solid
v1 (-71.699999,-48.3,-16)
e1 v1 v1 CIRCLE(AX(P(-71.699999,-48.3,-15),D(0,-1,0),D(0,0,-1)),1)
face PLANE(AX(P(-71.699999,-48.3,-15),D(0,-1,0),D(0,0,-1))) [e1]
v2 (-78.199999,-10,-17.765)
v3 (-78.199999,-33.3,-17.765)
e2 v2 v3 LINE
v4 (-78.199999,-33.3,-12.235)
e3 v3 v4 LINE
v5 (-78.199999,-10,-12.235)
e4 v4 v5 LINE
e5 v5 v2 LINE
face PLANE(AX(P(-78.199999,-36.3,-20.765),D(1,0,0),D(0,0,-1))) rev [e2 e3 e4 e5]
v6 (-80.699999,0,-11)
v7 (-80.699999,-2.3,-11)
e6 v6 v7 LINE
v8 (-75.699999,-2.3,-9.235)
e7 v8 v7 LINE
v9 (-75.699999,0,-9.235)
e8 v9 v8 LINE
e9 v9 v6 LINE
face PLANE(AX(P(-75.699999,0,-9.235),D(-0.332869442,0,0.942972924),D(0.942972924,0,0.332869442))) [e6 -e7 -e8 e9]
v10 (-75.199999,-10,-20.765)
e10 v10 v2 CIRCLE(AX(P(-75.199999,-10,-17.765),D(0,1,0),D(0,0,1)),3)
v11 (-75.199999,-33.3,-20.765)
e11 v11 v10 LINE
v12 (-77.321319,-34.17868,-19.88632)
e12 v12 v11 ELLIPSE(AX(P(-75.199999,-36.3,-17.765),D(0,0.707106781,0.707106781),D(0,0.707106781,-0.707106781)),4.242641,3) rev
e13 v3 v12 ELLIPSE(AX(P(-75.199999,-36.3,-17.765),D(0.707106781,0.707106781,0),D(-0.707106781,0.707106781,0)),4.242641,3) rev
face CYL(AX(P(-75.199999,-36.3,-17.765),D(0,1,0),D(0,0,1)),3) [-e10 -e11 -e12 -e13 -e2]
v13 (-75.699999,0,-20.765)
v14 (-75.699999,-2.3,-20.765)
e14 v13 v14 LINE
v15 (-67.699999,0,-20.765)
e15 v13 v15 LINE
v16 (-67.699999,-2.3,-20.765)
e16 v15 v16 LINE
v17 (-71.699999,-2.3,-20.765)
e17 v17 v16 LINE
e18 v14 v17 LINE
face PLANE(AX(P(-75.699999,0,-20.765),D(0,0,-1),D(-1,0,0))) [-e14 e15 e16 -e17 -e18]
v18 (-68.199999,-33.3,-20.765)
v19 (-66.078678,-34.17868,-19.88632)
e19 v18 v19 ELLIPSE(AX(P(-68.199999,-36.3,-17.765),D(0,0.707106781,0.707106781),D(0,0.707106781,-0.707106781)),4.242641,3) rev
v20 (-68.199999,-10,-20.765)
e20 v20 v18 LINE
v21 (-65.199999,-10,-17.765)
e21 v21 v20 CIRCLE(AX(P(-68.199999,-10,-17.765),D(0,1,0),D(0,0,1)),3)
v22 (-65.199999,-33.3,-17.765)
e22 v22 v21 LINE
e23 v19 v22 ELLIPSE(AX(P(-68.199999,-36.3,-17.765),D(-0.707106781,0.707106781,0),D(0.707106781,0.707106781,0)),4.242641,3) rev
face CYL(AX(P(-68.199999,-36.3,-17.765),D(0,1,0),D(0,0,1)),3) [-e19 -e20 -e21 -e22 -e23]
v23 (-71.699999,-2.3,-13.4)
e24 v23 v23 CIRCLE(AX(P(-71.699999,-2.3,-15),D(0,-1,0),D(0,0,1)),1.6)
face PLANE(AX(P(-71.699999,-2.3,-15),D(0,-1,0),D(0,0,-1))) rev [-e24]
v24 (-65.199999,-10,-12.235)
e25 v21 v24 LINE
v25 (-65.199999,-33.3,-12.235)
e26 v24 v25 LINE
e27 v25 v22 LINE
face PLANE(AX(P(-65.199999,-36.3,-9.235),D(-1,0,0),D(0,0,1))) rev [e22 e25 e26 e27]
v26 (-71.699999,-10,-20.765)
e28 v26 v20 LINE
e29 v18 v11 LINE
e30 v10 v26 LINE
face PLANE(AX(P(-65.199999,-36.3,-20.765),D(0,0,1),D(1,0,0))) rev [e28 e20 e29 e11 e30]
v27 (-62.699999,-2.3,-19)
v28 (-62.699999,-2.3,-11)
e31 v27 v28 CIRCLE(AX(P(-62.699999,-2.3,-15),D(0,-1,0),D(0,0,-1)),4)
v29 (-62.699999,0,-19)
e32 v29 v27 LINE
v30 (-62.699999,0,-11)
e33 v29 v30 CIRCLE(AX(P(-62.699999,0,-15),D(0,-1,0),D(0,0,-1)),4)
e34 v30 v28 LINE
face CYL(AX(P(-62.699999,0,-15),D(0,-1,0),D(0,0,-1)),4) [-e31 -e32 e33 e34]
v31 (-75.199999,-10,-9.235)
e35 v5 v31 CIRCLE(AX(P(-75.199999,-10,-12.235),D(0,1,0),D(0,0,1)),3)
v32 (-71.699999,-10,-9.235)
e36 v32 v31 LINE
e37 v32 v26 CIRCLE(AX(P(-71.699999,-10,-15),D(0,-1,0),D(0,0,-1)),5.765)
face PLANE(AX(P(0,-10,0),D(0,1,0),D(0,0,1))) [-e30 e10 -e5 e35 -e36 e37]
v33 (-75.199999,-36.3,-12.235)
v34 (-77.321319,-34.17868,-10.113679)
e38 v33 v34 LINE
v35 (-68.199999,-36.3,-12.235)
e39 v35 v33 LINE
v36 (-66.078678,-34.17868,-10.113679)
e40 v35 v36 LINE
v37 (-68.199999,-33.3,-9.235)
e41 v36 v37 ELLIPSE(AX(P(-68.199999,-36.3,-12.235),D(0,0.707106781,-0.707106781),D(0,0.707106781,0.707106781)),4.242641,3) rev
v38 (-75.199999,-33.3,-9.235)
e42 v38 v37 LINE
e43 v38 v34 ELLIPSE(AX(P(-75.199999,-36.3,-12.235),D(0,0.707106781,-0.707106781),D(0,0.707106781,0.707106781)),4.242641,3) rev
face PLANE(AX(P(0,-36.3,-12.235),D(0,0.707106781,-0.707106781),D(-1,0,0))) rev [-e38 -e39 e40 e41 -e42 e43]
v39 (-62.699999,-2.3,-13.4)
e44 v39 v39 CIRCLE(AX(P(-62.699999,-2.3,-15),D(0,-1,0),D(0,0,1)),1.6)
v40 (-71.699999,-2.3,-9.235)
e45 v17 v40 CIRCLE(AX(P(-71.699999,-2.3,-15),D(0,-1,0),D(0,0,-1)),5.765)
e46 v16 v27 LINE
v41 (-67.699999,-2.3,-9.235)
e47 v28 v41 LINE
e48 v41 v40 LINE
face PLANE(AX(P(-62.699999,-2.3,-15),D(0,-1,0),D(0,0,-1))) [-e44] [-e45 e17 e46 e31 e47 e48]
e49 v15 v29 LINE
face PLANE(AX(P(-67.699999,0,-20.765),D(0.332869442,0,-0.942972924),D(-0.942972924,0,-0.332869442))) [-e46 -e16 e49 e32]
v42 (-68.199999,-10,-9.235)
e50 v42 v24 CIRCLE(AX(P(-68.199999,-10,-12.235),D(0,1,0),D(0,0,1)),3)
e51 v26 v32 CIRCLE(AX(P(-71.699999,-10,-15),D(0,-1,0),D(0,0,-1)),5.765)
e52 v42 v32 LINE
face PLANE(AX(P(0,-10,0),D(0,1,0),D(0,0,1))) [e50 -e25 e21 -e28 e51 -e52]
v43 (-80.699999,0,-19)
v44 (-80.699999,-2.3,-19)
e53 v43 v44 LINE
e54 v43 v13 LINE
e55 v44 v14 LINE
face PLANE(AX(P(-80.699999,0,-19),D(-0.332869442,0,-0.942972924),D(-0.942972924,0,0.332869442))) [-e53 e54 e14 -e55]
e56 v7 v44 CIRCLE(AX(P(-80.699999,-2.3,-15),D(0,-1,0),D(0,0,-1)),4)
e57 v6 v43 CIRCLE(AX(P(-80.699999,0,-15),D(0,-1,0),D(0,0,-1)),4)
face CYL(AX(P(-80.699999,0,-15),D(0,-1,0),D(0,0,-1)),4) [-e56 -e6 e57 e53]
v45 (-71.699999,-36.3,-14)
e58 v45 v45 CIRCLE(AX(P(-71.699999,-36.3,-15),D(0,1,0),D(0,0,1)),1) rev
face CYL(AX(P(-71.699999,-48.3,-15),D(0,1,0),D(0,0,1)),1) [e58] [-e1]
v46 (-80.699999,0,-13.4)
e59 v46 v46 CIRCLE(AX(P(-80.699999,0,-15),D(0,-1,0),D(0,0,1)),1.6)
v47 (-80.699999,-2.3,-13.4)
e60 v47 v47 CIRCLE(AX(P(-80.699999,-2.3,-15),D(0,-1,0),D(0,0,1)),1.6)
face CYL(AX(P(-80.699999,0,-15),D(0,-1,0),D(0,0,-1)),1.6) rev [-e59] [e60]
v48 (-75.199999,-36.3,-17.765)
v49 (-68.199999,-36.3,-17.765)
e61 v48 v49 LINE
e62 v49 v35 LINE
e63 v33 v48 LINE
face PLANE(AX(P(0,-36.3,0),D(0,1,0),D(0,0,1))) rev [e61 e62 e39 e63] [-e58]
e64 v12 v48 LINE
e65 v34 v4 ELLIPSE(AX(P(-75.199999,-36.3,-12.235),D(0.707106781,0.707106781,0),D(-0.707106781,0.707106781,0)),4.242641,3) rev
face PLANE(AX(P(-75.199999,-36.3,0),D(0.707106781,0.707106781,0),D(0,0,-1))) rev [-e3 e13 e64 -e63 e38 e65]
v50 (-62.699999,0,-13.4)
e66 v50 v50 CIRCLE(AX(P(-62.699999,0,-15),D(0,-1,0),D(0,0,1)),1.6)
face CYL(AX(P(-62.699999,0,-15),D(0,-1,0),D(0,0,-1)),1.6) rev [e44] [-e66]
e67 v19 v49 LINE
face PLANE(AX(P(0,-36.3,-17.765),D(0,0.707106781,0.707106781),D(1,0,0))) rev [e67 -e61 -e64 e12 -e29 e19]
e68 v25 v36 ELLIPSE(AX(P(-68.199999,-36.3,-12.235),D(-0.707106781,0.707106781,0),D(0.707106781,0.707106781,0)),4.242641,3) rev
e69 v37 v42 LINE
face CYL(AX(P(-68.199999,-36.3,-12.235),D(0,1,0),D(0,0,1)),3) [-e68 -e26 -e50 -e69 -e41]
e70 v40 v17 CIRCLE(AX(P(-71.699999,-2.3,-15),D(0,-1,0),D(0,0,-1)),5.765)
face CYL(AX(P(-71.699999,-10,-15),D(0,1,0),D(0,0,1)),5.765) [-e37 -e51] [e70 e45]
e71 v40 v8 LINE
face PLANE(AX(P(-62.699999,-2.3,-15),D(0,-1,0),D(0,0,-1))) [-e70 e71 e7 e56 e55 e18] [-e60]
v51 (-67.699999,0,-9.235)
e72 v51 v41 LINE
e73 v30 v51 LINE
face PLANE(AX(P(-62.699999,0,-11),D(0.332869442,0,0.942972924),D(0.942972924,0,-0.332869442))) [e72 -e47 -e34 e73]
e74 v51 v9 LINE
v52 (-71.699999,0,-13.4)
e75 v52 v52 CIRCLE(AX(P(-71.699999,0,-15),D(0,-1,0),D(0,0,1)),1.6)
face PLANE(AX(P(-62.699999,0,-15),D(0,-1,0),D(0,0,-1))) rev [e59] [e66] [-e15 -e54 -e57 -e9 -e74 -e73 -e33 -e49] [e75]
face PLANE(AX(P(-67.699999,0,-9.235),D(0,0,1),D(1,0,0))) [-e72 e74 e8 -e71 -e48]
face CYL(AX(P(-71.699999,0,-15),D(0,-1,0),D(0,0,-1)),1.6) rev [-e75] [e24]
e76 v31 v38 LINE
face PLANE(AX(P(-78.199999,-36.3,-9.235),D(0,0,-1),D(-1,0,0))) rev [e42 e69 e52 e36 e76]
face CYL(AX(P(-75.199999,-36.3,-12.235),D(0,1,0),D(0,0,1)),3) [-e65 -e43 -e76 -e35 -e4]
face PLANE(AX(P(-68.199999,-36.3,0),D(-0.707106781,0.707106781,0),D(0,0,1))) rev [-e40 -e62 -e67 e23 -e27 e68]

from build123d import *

# Parameters (mm, degrees)
SKETCH1_R           = 1.6
BOSS_EXTRUDE1_DEPTH = 2.3
SKETCH2_R           = 5.765
BOSS_EXTRUDE2_DEPTH = 7.7
SKETCH3_W           = 13
SKETCH3_H           = 11.53
BOSS_EXTRUDE3_DEPTH = 26.3
SKETCH4_R           = 1
BOSS_EXTRUDE4_DEPTH = 12
CHAMFER1_SIZE       = 3
FILLET1_R           = 3


with BuildPart() as part:
    # Sketch1 → Boss-Extrude1 (new body)
    with BuildSketch(Plane.XZ.offset(2.3)):
        with BuildLine():
            Line((-75.699998599, -20.764999665), (-67.699998599, -20.764999665))
            Line((-67.699998599, -20.764999665), (-62.699998599, -18.999999665))
            ThreePointArc((-62.699998599, -18.999999665), (-58.699998599, -14.999999665), (-62.699998599, -10.999999665))
            Line((-62.699998599, -10.999999665), (-67.699998599, -9.234999665))
            Line((-67.699998599, -9.234999665), (-75.699998599, -9.234999665))
            Line((-75.699998599, -9.234999665), (-80.699998599, -10.999999665))
            ThreePointArc((-80.699998599, -10.999999665), (-84.699998599, -14.999999665), (-80.699998599, -18.999999665))
            Line((-80.699998599, -18.999999665), (-75.699998599, -20.764999665))
        make_face()
        with Locations((-62.699998599, -14.999999665)):
            Circle(SKETCH1_R, mode=Mode.SUBTRACT)
        with Locations((-71.699998599, -14.999999665)):
            Circle(SKETCH1_R, mode=Mode.SUBTRACT)
        with Locations((-80.699998599, -14.999999665)):
            Circle(SKETCH1_R, mode=Mode.SUBTRACT)
    extrude(amount=-BOSS_EXTRUDE1_DEPTH)

    # Sketch2 → Boss-Extrude2 (add)
    with BuildSketch(Plane.XZ.offset(2.3)):
        with Locations((-71.699998599, -14.999999665)):
            Circle(SKETCH2_R)
    extrude(amount=BOSS_EXTRUDE2_DEPTH)

    # Sketch3 → Boss-Extrude3 (add)
    with BuildSketch(Plane.XZ.offset(10)):
        with Locations((-71.699998599, -14.999999665)):
            Rectangle(SKETCH3_W, SKETCH3_H)
    extrude(amount=BOSS_EXTRUDE3_DEPTH)

    # Sketch4 → Boss-Extrude4 (add)
    with BuildSketch(Plane.XZ.offset(36.3)):
        with Locations((-71.699998599, -14.999999665)):
            Circle(SKETCH4_R)
    extrude(amount=BOSS_EXTRUDE4_DEPTH)

    # Chamfer1
    chamfer1_edges = [part.edges().sort_by_distance(p)[0] for p in [
        (-71.699998599, -36.3, -9.234999665),
        (-78.199998599, -36.3, -14.999999665),
        (-71.699998599, -36.3, -20.764999665),
        (-65.199998599, -36.3, -14.999999665),
    ]]
    chamfer(chamfer1_edges, length=CHAMFER1_SIZE)

    # Fillet1
    fillet1_edges = [part.edges().sort_by_distance(p)[0] for p in [
        (-78.199998599, -21.65, -20.764999665),
        (-78.199998599, -21.65, -9.234999665),
        (-65.199998599, -21.65, -9.234999665),
        (-65.199998599, -21.65, -20.764999665),
    ]]
    fillet(fillet1_edges, radius=FILLET1_R)


solid = part.part
